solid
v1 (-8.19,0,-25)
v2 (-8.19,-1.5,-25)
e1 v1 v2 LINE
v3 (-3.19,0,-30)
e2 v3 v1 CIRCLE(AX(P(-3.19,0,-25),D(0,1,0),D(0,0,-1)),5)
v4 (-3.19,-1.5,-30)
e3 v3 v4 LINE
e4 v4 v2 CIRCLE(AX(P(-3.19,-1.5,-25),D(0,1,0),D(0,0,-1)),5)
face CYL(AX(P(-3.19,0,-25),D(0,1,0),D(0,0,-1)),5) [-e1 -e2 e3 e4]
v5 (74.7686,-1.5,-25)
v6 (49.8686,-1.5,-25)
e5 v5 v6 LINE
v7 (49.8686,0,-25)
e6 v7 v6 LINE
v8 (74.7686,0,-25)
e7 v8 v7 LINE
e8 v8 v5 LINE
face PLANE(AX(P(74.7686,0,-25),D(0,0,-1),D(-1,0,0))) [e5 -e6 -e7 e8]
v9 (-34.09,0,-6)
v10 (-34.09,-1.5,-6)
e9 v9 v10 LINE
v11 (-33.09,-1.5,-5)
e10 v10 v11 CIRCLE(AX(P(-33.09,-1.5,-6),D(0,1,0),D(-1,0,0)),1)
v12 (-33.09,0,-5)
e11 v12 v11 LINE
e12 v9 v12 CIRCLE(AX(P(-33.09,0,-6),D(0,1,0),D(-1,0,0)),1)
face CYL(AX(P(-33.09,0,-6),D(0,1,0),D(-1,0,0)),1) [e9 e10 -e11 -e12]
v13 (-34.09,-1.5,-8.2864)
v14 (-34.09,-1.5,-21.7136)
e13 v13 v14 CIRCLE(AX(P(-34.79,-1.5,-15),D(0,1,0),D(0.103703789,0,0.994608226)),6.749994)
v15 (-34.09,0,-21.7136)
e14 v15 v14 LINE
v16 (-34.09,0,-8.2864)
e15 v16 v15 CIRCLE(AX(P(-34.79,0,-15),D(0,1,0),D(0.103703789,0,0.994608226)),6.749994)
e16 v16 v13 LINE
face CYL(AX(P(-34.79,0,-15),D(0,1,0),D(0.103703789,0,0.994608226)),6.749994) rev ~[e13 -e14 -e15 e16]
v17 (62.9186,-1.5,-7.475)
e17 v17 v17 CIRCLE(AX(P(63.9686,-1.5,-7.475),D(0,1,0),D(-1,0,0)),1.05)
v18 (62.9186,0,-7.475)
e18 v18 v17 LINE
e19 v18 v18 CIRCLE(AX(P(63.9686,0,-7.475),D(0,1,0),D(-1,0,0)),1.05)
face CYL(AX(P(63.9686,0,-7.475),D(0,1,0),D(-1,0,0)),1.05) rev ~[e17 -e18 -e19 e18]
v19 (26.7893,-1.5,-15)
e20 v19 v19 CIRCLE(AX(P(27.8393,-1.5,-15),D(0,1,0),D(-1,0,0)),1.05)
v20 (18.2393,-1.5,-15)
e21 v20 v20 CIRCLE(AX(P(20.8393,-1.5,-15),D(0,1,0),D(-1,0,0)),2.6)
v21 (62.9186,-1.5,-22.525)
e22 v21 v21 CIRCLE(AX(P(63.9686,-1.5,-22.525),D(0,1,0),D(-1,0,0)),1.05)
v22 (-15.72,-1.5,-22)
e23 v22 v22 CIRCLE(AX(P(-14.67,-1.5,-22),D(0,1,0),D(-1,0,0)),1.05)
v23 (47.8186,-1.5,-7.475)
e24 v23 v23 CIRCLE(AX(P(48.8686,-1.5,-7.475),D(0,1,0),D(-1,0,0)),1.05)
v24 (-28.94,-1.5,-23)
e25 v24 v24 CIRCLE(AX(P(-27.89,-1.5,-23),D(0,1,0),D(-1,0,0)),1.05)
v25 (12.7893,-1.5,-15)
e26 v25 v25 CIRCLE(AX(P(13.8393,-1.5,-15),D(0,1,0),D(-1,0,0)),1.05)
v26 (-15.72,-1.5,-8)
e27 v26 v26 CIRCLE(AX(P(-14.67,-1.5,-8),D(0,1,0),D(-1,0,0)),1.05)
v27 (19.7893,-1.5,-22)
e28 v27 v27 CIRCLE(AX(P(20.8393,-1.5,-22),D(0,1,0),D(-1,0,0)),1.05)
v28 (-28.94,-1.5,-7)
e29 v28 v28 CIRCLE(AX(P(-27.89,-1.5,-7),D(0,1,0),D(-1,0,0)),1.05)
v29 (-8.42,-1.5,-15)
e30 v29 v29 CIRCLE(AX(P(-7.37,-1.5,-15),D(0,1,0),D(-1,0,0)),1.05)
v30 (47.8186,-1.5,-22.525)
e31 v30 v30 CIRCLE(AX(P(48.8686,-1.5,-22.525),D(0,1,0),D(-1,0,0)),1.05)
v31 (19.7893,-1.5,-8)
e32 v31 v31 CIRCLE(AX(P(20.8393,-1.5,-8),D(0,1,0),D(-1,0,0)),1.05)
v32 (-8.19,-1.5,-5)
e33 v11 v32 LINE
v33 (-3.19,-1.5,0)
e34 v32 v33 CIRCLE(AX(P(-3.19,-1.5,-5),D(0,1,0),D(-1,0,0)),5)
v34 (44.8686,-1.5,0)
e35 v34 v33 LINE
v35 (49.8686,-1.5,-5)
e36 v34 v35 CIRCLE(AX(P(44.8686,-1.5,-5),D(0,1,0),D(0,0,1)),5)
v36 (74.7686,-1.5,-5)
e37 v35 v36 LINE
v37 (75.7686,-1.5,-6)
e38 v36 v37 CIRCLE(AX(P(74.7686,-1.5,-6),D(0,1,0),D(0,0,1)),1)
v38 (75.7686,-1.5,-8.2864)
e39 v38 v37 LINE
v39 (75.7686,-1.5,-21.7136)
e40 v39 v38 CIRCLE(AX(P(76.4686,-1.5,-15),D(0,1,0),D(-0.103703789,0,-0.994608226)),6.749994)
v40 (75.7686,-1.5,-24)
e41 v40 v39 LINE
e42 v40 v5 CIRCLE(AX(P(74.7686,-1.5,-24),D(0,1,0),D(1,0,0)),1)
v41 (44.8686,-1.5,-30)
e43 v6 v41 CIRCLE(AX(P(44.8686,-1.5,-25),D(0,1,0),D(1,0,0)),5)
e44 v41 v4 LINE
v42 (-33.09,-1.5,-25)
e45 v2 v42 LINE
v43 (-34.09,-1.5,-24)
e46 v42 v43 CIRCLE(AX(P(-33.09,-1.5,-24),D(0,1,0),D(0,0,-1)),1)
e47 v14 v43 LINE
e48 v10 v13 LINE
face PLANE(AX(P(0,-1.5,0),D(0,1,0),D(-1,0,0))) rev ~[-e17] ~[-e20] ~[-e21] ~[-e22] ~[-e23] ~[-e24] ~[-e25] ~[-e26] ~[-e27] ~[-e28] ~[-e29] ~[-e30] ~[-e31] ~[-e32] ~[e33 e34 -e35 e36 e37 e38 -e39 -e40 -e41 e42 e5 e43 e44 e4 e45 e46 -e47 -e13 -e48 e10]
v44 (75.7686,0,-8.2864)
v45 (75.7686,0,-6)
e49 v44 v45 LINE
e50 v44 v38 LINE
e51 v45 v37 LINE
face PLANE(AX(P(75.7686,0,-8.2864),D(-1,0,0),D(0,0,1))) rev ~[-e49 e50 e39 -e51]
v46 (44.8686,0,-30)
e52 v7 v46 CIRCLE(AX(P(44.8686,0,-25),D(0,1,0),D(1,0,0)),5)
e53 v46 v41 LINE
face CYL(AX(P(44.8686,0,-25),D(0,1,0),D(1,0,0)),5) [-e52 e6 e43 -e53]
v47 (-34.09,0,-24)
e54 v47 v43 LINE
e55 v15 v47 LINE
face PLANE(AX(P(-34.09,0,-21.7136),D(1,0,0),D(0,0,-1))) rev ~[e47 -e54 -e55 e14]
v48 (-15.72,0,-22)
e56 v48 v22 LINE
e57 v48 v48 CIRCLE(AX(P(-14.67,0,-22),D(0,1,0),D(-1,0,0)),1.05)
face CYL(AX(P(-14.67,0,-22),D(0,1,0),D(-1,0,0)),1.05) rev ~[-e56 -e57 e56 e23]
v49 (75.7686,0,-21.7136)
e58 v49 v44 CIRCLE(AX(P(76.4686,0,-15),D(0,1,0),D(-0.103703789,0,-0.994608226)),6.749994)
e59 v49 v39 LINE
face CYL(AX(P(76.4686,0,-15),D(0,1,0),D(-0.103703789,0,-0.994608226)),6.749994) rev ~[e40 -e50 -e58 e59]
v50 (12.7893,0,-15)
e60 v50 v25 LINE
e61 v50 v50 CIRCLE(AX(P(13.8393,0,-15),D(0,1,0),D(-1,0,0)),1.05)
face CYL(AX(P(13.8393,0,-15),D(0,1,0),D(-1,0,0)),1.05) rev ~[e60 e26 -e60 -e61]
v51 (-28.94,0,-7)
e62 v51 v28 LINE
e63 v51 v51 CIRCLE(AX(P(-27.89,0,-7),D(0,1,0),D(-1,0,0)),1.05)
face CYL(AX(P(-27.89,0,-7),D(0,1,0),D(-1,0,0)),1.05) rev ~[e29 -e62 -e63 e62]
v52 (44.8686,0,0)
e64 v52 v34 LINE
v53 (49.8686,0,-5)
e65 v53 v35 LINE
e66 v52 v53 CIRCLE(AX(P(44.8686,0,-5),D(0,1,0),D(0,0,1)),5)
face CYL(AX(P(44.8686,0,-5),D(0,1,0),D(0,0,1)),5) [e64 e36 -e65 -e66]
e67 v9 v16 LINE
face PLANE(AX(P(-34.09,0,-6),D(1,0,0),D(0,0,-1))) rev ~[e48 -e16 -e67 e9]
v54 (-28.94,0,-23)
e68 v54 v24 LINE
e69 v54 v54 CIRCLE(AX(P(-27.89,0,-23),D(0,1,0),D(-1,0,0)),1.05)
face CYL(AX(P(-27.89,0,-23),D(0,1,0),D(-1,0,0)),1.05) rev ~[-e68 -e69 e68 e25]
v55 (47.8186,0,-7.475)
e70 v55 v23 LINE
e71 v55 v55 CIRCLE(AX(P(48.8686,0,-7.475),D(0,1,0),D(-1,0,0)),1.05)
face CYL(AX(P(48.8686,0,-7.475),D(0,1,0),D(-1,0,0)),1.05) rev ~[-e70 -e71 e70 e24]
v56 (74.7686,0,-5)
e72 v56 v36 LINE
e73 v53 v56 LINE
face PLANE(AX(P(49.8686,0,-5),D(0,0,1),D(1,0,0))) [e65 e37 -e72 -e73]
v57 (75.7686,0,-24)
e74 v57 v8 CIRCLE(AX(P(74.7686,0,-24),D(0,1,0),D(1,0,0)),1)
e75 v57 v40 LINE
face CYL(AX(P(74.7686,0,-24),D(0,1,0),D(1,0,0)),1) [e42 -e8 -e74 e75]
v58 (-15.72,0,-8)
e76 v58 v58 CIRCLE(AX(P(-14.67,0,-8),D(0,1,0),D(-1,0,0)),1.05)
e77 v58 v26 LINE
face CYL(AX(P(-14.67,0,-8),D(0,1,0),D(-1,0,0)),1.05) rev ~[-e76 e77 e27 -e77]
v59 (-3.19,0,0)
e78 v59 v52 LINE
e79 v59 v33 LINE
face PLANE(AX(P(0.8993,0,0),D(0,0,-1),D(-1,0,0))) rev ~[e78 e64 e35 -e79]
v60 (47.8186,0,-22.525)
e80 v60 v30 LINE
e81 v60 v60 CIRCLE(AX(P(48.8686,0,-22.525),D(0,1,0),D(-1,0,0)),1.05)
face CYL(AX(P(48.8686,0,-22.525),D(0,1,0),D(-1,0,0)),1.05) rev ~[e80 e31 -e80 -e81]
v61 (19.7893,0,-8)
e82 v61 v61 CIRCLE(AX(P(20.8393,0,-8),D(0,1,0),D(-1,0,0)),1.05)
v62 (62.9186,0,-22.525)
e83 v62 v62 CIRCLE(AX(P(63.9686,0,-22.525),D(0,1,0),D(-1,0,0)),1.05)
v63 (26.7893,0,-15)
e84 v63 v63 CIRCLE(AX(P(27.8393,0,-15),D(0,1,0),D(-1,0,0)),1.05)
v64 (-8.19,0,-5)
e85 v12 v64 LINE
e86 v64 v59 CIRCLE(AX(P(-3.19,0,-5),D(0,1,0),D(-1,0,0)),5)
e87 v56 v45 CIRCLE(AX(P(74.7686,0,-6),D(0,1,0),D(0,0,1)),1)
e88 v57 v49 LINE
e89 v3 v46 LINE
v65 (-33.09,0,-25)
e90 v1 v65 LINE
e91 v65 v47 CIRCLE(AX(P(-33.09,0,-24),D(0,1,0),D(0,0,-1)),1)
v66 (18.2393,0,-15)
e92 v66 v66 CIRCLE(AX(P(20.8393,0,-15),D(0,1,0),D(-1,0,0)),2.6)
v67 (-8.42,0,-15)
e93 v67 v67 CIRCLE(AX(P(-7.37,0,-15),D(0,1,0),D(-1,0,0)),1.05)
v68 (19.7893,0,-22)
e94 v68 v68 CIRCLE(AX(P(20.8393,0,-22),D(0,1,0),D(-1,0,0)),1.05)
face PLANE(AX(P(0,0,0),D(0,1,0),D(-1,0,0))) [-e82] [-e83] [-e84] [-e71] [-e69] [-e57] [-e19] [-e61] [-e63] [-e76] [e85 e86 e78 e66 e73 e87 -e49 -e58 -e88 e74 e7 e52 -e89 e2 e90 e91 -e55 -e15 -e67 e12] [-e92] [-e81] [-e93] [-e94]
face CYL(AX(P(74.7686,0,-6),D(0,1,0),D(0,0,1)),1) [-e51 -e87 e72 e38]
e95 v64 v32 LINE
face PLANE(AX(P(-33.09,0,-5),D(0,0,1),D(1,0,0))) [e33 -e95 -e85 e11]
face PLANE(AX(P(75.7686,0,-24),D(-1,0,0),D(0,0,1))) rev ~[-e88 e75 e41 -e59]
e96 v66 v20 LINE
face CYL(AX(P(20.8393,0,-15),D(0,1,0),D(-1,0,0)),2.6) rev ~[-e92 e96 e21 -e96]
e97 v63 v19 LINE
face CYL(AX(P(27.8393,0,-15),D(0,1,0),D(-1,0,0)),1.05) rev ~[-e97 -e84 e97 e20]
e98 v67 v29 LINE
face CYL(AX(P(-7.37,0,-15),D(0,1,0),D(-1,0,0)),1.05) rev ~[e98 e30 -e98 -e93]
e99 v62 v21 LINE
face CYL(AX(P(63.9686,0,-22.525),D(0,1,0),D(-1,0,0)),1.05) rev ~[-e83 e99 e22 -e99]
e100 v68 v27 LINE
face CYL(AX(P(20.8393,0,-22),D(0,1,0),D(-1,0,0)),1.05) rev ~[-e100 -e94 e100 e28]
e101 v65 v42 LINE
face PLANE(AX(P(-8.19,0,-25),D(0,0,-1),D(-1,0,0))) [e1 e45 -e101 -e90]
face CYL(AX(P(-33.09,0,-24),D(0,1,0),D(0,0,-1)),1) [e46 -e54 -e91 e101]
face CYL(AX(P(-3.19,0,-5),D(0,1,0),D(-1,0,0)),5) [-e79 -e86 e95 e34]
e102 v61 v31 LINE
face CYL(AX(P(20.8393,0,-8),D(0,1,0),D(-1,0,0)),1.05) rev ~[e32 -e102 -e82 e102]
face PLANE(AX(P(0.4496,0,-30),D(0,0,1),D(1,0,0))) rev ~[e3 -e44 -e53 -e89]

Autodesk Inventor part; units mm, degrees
ref_plane "YZ Plane" through (0, 0, 0) normal (1, 0, 0) x (0, 1, 0)
ref_plane "XZ Plane" through (0, 0, 0) normal (0, 1, 0) x (-1, 0, 0)
ref_plane "XY Plane" through (0, 0, 0) normal (0, 0, 1) x (1, 0, 0)
sketch "Sketch1" plane through (0, 0, 0) normal (0, 1, 0) x (-1, 0, 0)
  line L0 (-0.4496, -30) -> (-0.4496, 0)
  line L1 (-41.2289, 0) -> (-41.2289, -30)
  circle A0 centre (-48.8686, -22.525) radius 1.05
  circle A1 centre (-48.8686, -7.475) radius 1.05
  circle A2 centre (-63.9686, -22.525) radius 1.05
  circle A3 centre (-63.9686, -7.475) radius 1.05
  circle A4 centre (27.89, -23) radius 1.05
  circle A5 centre (27.89, -7) radius 1.05
  circle A6 centre (14.67, -22) radius 1.05
  circle A7 centre (14.67, -8) radius 1.05
  circle A8 centre (7.37, -15) radius 1.05
  circle A9 centre (-20.8393, -15) radius 2.6
  circle A10 centre (-27.8393, -15) radius 1.05
  circle A11 centre (-20.8393, -8) radius 1.05
  circle A12 centre (-20.8393, -22) radius 1.05
  circle A13 centre (-13.8393, -15) radius 1.05
  arc A14 (-75.7686, -21.7136) -> (-75.7686, -8.2864) centre (-76.4686, -15) ccw
  line L2 (-75.7686, -24) -> (-75.7686, -21.7136)
  arc A15 (-75.7686, -24) -> (-74.7686, -25) centre (-74.7686, -24) ccw
  line L3 (-74.7686, -25) -> (-49.8686, -25)
  arc A16 (-49.8686, -25) -> (-44.8686, -30) centre (-44.8686, -25) ccw
  line L4 (3.19, -30) -> (-44.8686, -30)
  arc A17 (3.19, -30) -> (8.19, -25) centre (3.19, -25) ccw
  line L5 (8.19, -25) -> (33.09, -25)
  arc A18 (33.09, -25) -> (34.09, -24) centre (33.09, -24) ccw
  line L6 (34.09, -21.7136) -> (34.09, -24)
  arc A19 (34.09, -8.2864) -> (34.09, -21.7136) centre (34.79, -15) ccw
  line L7 (34.09, -6) -> (34.09, -8.2864)
  arc A20 (34.09, -6) -> (33.09, -5) centre (33.09, -6) ccw
  line L8 (33.09, -5) -> (8.19, -5)
  arc A21 (8.19, -5) -> (3.19, 0) centre (3.19, -5) ccw
  line L9 (-44.8686, 0) -> (3.19, 0)
  arc A22 (-44.8686, 0) -> (-49.8686, -5) centre (-44.8686, -5) ccw
  line L10 (-49.8686, -5) -> (-74.7686, -5)
  arc A23 (-74.7686, -5) -> (-75.7686, -6) centre (-74.7686, -6) ccw
  line L11 (-75.7686, -8.2864) -> (-75.7686, -6)
  line L12 (-41.6786, -30) -> (-41.6786, 0)
  line L13 (-40.7793, 0) -> (-40.7793, -30)
  line L14 (-0.8993, -30) -> (-0.8993, 0)
  line L15 (0, 0) -> (0, -30)
extrude "Extrusion1" add sketch "Sketch1" against normal blind 1.5
properties part number "axis_13_top_frame"
